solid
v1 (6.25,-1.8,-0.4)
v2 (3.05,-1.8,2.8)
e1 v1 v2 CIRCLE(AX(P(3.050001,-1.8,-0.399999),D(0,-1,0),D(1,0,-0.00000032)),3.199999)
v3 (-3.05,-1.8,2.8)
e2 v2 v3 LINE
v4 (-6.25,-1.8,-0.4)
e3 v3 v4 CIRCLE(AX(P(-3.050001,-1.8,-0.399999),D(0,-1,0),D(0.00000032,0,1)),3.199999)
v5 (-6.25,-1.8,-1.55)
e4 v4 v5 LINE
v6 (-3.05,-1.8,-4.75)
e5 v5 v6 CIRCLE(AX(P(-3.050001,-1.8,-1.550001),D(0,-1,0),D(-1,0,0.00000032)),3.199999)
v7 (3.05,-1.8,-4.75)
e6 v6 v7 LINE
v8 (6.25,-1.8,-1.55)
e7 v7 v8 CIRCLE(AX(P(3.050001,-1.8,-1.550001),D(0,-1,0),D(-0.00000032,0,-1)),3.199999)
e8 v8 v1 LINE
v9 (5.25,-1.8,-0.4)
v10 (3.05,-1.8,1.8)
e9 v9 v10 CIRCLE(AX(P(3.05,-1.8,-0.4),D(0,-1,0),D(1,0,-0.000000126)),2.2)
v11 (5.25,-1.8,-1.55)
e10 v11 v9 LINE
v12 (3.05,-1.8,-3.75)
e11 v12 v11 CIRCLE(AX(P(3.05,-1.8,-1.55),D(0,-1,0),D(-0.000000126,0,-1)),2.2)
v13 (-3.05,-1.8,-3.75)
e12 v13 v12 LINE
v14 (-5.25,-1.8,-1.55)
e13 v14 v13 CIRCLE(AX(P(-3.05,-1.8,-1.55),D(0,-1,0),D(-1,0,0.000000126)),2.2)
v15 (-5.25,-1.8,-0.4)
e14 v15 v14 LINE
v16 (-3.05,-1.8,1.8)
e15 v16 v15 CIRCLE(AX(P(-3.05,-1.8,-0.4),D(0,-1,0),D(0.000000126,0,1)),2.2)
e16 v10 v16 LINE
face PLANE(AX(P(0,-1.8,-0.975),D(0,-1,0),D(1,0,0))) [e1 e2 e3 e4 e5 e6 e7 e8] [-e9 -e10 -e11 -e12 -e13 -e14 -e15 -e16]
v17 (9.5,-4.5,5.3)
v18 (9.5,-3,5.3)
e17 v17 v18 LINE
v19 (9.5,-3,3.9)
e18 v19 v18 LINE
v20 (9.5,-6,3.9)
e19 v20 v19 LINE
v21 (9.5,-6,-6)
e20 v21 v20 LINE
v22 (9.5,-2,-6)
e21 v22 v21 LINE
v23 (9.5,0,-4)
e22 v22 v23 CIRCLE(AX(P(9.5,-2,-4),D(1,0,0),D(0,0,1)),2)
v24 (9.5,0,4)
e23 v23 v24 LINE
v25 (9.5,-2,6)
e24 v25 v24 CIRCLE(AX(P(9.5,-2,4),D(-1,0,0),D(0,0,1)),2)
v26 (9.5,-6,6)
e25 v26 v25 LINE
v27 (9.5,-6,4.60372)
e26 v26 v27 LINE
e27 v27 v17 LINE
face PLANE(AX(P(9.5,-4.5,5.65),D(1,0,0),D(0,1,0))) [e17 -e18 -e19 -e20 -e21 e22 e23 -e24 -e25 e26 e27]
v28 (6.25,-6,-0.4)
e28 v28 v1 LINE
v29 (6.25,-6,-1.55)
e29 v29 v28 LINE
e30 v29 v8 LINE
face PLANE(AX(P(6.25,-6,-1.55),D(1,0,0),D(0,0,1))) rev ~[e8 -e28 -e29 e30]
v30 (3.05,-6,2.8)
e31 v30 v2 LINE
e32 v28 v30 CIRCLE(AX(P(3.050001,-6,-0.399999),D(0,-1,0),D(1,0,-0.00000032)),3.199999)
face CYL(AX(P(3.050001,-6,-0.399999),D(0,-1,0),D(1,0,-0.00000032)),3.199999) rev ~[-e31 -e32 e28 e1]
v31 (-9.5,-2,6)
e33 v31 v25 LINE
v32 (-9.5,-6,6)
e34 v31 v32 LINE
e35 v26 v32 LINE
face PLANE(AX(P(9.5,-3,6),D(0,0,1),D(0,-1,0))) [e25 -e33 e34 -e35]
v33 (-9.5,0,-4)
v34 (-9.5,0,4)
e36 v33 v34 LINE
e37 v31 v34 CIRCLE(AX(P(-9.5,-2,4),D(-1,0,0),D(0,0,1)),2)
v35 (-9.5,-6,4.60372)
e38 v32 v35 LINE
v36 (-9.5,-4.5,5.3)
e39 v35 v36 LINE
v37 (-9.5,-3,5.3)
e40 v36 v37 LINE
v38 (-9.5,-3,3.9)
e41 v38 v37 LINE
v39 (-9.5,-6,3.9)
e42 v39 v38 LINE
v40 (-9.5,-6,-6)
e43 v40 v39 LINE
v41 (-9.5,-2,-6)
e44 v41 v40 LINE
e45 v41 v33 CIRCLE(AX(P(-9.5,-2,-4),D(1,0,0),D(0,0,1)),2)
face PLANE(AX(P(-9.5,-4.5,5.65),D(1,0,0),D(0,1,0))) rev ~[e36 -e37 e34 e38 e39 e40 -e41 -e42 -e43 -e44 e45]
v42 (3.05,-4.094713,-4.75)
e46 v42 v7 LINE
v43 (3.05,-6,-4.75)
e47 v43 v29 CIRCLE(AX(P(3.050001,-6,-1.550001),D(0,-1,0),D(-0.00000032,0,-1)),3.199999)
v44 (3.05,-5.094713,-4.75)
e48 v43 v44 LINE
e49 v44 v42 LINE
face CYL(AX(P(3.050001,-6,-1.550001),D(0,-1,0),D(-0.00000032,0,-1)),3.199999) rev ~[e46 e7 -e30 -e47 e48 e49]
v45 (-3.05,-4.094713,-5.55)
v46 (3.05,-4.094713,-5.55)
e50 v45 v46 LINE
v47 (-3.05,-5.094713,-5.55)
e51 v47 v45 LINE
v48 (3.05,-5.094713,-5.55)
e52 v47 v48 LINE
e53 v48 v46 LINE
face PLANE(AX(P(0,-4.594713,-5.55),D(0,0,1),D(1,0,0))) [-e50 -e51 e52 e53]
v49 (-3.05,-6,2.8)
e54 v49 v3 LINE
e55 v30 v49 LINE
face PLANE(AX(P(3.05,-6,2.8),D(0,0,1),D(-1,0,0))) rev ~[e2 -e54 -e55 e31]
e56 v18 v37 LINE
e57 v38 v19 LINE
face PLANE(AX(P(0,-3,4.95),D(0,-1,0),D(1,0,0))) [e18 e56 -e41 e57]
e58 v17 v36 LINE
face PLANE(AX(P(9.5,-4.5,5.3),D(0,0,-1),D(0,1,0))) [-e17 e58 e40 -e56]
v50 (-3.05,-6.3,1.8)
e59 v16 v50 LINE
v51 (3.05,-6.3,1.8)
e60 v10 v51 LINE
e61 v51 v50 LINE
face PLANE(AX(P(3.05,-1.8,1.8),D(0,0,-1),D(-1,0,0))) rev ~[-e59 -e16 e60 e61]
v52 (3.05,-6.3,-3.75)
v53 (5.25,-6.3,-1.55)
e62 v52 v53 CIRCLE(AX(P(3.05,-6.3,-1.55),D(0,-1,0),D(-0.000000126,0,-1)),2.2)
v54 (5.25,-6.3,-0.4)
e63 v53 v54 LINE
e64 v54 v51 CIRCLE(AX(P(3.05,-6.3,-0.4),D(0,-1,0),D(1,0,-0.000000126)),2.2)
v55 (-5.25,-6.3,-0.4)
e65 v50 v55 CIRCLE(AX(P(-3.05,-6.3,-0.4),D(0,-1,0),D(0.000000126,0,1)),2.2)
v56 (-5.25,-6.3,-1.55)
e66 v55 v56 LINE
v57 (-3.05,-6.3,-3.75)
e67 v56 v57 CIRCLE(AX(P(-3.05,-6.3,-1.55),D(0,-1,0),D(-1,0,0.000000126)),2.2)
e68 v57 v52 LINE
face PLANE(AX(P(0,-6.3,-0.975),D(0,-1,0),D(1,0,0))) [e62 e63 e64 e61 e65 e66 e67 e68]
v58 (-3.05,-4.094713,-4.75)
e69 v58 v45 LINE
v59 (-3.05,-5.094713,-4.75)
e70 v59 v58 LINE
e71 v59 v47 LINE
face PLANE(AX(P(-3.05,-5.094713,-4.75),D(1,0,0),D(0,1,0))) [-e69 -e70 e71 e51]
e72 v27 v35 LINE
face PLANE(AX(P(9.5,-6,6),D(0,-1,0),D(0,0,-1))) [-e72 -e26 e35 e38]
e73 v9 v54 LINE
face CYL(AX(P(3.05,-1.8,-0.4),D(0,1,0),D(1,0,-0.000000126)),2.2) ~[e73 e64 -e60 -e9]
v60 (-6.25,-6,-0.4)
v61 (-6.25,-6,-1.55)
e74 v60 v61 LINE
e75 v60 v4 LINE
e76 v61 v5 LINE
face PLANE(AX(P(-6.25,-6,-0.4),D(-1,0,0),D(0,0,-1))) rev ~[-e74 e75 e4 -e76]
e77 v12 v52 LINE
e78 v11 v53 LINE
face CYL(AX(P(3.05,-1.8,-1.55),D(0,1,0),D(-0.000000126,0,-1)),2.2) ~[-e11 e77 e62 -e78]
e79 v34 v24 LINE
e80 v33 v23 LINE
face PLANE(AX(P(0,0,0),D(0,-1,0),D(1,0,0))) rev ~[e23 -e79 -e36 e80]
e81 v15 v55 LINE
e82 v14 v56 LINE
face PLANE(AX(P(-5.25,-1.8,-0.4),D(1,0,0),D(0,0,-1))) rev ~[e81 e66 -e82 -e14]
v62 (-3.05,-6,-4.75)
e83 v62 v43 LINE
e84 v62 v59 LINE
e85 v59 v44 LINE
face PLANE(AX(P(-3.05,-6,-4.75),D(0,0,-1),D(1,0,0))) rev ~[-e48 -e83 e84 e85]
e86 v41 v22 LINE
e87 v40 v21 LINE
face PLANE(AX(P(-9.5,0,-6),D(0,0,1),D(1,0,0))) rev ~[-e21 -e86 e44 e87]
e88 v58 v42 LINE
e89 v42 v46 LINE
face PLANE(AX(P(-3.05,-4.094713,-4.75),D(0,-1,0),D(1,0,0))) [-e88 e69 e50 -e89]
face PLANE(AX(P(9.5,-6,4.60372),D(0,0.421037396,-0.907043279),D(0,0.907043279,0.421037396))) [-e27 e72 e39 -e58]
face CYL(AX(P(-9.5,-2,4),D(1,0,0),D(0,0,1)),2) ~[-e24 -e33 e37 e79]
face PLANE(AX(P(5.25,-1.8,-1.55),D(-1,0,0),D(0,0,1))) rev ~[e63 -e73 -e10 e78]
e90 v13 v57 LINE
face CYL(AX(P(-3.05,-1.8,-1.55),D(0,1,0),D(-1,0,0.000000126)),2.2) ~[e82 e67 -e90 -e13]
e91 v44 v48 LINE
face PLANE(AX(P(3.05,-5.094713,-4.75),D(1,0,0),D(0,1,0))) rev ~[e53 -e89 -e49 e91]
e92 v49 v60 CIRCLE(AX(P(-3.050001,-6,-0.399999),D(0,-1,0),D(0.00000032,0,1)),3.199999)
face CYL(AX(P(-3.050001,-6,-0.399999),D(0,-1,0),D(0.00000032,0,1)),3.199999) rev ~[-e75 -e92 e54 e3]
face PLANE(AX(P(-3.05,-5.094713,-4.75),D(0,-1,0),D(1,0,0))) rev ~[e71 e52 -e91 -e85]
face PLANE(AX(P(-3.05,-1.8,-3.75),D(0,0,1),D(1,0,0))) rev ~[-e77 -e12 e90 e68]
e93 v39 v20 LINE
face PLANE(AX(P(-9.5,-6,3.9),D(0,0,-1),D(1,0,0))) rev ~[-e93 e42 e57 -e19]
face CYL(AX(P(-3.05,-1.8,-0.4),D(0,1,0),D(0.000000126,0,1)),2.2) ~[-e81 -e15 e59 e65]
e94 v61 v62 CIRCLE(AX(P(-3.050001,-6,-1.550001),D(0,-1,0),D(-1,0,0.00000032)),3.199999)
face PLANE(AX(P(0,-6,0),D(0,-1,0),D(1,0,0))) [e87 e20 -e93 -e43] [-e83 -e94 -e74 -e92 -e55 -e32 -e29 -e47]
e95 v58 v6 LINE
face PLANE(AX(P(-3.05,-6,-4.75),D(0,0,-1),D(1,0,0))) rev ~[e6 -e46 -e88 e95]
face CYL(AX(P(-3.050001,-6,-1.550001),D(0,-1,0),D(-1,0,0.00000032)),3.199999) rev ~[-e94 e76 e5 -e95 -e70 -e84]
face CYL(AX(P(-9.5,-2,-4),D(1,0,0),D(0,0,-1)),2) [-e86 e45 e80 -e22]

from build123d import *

# Parameters (mm, degrees)
F0_W      = 19
F0_H      = 12
F1_DEPTH  = 6
F3_DEPTH  = 4.2
F2_W      = 19
F2_H      = 2.1
F4_DEPTH  = 3
F6_DEPTH  = 19
F7_R      = 2
F8_W      = 6.1
F8_H      = 1
F9_DEPTH  = 0.8
F11_DEPTH = 4.5


with BuildPart() as f1:
    # F0 (on Front) → F1 (new body)
    with BuildSketch(Plane.XZ):
        Rectangle(F0_W, F0_H)
    extrude(amount=F1_DEPTH)

    # F2 (on face) → F3 (cut)
    with BuildSketch(Plane.XZ.offset(6)):
        with BuildLine():
            ThreePointArc((6.25, -0.4), (5.312742, 1.862742), (3.05, 2.8))
            Line((3.05, 2.8), (-3.05, 2.8))
            ThreePointArc((-3.05, 2.8), (-5.312742, 1.862742), (-6.25, -0.4))
            Line((-6.25, -0.4), (-6.25, -1.55))
            ThreePointArc((-6.25, -1.55), (-5.312742, -3.812742), (-3.05, -4.75))
            Line((-3.05, -4.75), (3.05, -4.75))
            ThreePointArc((3.05, -4.75), (5.312742, -3.812742), (6.25, -1.55))
            Line((6.25, -1.55), (6.25, -0.4))
        make_face()
    extrude(amount=-F3_DEPTH, mode=Mode.SUBTRACT)

    # F2 (on face) → F4 (cut)
    with BuildSketch(Plane.XZ.offset(6)):
        with Locations((0, 4.95)):
            Rectangle(F2_W, F2_H)
    extrude(amount=-F4_DEPTH, mode=Mode.SUBTRACT)

    # F5 (on face) → F6 (join, through all)
    with BuildSketch(Plane.YZ.offset(9.5)):
        Polygon((-3, 5.3), (-3, 6), (-6, 6), (-6, 5.3), (-4.5, 5.3), align=None)
        Polygon((-4.5, 5.3), (-6, 5.3), (-6, 4.60372), align=None)
    extrude(amount=-F6_DEPTH)

    # F7
    f7_edges = [f1.edges().sort_by_distance(p)[0] for p in [
        (0, 0, 6),
        (0, 0, -6),
    ]]
    fillet(f7_edges, radius=F7_R)

    # F8 (on face) → F9 (cut)
    with BuildSketch(Plane.XY.offset(-4.75)):
        with Locations((0, -4.594713)):
            Rectangle(F8_W, F8_H)
    extrude(amount=-F9_DEPTH, mode=Mode.SUBTRACT)

    # F10 (on face) → F11 (join)
    with BuildSketch(Plane.XZ.offset(1.8)):
        with BuildLine():
            Line((-5.25, -0.4), (-5.25, -1.55))
            ThreePointArc((-5.25, -1.55), (-4.605635, -3.105635), (-3.05, -3.75))
            Line((-3.05, -3.75), (3.05, -3.75))
            ThreePointArc((3.05, -3.75), (4.605635, -3.105635), (5.25, -1.55))
            Line((5.25, -1.55), (5.25, -0.4))
            ThreePointArc((5.25, -0.4), (4.605635, 1.155635), (3.05, 1.8))
            Line((3.05, 1.8), (-3.05, 1.8))
            ThreePointArc((-3.05, 1.8), (-4.605635, 1.155635), (-5.25, -0.4))
        make_face()
    extrude(amount=F11_DEPTH)


solid = f1.part
